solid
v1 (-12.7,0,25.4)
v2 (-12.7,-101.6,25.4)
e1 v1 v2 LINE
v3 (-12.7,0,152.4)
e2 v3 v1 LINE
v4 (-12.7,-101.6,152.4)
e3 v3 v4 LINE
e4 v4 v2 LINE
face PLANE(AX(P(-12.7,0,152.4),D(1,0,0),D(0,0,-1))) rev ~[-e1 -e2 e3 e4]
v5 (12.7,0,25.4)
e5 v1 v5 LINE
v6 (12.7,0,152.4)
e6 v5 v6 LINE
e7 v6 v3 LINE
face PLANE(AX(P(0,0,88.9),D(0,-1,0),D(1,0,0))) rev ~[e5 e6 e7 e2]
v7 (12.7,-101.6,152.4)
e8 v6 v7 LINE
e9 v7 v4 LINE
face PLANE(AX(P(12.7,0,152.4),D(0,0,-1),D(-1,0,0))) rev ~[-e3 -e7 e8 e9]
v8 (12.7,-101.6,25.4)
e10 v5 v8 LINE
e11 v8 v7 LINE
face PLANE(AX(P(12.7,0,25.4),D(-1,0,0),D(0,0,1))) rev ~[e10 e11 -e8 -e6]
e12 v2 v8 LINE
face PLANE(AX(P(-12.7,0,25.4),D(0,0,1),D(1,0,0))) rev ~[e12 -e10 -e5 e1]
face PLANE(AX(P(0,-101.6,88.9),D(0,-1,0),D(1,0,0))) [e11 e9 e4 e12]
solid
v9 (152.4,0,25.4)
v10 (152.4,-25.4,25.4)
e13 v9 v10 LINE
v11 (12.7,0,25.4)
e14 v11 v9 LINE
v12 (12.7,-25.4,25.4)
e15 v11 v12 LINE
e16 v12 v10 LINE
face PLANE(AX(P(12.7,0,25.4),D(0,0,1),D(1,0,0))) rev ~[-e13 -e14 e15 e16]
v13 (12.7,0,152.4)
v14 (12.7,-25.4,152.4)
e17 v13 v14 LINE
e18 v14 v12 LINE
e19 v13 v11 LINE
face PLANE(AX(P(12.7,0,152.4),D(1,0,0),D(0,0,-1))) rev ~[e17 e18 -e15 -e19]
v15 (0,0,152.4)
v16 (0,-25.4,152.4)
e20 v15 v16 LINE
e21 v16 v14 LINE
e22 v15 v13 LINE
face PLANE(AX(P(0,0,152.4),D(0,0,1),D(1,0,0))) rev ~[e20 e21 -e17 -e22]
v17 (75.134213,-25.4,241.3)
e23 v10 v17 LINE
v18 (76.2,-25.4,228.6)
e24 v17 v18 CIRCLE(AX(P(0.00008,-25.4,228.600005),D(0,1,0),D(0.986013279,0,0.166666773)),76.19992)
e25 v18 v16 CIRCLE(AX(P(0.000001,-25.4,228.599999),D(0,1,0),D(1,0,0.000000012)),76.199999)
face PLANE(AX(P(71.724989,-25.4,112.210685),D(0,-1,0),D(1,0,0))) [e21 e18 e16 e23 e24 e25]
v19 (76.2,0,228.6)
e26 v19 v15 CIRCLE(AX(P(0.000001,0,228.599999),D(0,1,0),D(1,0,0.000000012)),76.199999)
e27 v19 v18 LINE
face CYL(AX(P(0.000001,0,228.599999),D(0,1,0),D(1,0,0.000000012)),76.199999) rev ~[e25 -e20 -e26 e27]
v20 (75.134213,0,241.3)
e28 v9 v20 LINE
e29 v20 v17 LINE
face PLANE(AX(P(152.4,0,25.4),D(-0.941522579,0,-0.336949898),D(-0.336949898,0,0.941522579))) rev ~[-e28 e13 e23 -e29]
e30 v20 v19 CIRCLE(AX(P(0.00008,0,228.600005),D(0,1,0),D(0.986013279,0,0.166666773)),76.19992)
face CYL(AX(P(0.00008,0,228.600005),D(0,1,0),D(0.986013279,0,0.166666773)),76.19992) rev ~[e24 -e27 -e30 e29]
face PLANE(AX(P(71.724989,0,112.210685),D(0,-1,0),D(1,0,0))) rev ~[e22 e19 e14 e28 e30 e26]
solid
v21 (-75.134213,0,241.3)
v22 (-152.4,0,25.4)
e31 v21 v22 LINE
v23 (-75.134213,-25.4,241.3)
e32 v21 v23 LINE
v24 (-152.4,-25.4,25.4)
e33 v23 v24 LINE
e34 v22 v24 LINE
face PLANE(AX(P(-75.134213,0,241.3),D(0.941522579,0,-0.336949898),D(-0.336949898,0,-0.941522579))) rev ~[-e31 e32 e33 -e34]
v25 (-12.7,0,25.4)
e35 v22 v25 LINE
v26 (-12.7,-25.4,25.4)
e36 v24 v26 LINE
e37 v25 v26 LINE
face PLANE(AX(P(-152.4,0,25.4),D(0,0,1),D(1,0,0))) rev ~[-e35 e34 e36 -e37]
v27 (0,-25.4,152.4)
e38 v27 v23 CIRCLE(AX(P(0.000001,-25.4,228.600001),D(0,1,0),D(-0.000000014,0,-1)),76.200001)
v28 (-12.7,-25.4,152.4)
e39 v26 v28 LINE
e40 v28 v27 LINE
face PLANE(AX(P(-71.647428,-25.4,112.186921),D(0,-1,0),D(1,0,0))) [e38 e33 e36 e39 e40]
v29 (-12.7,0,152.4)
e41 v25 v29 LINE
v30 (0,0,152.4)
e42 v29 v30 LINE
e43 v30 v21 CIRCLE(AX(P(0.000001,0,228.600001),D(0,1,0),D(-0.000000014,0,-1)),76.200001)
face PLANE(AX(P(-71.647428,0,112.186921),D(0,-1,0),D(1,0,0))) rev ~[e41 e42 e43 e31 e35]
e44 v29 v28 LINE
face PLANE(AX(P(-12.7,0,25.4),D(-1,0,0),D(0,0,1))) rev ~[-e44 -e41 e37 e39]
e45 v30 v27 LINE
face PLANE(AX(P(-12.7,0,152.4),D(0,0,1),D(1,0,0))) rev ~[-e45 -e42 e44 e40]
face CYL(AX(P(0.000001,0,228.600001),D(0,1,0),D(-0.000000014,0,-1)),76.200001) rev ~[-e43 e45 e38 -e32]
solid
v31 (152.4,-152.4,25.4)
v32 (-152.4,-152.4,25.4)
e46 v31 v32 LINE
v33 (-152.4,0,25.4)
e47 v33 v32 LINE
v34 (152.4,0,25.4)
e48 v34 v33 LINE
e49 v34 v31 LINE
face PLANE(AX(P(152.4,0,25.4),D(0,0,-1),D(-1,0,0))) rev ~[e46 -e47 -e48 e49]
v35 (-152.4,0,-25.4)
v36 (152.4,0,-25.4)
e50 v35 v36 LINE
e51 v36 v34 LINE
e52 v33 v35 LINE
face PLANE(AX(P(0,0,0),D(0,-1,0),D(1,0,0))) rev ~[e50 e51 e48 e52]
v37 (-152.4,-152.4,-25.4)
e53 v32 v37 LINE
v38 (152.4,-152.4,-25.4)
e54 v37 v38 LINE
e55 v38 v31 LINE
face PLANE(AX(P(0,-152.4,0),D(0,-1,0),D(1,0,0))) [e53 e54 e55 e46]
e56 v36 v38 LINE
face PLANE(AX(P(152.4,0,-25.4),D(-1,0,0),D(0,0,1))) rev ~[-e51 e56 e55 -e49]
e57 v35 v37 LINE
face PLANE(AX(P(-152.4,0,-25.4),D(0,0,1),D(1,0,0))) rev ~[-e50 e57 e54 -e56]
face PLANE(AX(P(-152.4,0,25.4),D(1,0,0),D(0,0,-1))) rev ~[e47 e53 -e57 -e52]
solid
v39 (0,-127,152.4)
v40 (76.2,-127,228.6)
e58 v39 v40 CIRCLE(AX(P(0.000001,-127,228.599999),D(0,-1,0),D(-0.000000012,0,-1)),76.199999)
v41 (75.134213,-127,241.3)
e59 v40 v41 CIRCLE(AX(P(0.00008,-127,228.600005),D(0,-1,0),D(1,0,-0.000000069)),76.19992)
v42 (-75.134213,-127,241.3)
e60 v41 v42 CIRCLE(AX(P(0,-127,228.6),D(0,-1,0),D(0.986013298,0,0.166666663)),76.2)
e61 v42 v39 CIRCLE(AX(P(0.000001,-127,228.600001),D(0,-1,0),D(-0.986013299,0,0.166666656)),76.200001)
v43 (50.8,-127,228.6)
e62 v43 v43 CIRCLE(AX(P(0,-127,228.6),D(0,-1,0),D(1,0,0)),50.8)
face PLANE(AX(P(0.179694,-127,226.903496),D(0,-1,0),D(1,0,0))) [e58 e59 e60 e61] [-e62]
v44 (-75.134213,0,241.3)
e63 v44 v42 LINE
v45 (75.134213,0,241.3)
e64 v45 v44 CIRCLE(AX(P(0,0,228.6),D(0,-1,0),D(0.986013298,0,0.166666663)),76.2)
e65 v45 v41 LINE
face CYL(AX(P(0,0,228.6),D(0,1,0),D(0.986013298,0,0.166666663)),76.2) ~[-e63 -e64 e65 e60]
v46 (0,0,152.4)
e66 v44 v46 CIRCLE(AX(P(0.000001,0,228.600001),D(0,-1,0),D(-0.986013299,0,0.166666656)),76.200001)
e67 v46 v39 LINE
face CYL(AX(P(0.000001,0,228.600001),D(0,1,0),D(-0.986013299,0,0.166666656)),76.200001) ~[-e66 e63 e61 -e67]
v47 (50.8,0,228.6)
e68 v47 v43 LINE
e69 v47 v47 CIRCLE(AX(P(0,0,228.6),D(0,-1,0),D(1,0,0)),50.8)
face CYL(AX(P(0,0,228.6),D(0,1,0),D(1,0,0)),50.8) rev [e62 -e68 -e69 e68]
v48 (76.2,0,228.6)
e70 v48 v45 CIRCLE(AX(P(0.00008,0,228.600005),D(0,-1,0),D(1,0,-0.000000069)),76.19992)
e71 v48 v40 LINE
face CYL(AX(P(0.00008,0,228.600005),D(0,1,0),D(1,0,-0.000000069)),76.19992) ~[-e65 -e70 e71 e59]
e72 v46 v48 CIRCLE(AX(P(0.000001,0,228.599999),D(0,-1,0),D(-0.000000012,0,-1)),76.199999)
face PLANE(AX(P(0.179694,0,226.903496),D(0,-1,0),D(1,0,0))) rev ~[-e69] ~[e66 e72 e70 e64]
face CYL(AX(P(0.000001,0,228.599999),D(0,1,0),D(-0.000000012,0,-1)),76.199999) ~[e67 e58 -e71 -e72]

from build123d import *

# Parameters (mm, degrees)
F1_DEPTH = 152.4
F0_R     = 50.8
F2_DEPTH = 127
F3_DEPTH = 25.4
F4_DEPTH = 101.6


with BuildPart() as f1:
    # F0 (on Front) → F1 (new body)
    with BuildSketch(Plane.XZ):
        Polygon((-12.7, 25.4), (-152.4, 25.4), (-152.4, -25.4), (152.4, -25.4), (152.4, 25.4), (12.7, 25.4), align=None)
    extrude(amount=F1_DEPTH)


with BuildPart() as f2:
    # F0 (on Front) → F2 (new body)
    with BuildSketch(Plane.XZ):
        with BuildLine():
            ThreePointArc((75.134213, 241.3), (0, 304.8), (-75.134213, 241.3))
            ThreePointArc((-75.134213, 241.3), (-58.198711, 179.413112), (0, 152.4))
            ThreePointArc((0, 152.4), (53.881537, 174.718463), (76.2, 228.6))
            ThreePointArc((76.2, 228.6), (75.933086, 234.972321), (75.134213, 241.3))
        make_face()
        with Locations((0, 228.6)):
            Circle(F0_R, mode=Mode.SUBTRACT)
    extrude(amount=F2_DEPTH)


with BuildPart() as f3:
    # F0 (on Front) → F3 (new body)
    with BuildSketch(Plane.XZ):
        with BuildLine():
            Line((12.7, 152.4), (12.7, 25.4))
            Line((12.7, 25.4), (152.4, 25.4))
            Line((152.4, 25.4), (75.134213, 241.3))
            ThreePointArc((75.134213, 241.3), (75.933086, 234.972321), (76.2, 228.6))
            ThreePointArc((76.2, 228.6), (53.881537, 174.718463), (0, 152.4))
            Line((0, 152.4), (12.7, 152.4))
        make_face()
        with BuildLine():
            Line((-75.134213, 241.3), (-152.4, 25.4))
            Line((-152.4, 25.4), (-12.7, 25.4))
            Line((-12.7, 25.4), (-12.7, 152.4))
            Line((-12.7, 152.4), (0, 152.4))
            ThreePointArc((0, 152.4), (-58.198711, 179.413112), (-75.134213, 241.3))
        make_face()
    extrude(amount=F3_DEPTH)


with BuildPart() as f4:
    # F0 (on Front) → F4 (new body)
    with BuildSketch(Plane.XZ):
        Polygon((-12.7, 152.4), (-12.7, 25.4), (12.7, 25.4), (12.7, 152.4), (0, 152.4), align=None)
    extrude(amount=F4_DEPTH)


solid = Compound([f1.part, f2.part, f3.part, f4.part])
